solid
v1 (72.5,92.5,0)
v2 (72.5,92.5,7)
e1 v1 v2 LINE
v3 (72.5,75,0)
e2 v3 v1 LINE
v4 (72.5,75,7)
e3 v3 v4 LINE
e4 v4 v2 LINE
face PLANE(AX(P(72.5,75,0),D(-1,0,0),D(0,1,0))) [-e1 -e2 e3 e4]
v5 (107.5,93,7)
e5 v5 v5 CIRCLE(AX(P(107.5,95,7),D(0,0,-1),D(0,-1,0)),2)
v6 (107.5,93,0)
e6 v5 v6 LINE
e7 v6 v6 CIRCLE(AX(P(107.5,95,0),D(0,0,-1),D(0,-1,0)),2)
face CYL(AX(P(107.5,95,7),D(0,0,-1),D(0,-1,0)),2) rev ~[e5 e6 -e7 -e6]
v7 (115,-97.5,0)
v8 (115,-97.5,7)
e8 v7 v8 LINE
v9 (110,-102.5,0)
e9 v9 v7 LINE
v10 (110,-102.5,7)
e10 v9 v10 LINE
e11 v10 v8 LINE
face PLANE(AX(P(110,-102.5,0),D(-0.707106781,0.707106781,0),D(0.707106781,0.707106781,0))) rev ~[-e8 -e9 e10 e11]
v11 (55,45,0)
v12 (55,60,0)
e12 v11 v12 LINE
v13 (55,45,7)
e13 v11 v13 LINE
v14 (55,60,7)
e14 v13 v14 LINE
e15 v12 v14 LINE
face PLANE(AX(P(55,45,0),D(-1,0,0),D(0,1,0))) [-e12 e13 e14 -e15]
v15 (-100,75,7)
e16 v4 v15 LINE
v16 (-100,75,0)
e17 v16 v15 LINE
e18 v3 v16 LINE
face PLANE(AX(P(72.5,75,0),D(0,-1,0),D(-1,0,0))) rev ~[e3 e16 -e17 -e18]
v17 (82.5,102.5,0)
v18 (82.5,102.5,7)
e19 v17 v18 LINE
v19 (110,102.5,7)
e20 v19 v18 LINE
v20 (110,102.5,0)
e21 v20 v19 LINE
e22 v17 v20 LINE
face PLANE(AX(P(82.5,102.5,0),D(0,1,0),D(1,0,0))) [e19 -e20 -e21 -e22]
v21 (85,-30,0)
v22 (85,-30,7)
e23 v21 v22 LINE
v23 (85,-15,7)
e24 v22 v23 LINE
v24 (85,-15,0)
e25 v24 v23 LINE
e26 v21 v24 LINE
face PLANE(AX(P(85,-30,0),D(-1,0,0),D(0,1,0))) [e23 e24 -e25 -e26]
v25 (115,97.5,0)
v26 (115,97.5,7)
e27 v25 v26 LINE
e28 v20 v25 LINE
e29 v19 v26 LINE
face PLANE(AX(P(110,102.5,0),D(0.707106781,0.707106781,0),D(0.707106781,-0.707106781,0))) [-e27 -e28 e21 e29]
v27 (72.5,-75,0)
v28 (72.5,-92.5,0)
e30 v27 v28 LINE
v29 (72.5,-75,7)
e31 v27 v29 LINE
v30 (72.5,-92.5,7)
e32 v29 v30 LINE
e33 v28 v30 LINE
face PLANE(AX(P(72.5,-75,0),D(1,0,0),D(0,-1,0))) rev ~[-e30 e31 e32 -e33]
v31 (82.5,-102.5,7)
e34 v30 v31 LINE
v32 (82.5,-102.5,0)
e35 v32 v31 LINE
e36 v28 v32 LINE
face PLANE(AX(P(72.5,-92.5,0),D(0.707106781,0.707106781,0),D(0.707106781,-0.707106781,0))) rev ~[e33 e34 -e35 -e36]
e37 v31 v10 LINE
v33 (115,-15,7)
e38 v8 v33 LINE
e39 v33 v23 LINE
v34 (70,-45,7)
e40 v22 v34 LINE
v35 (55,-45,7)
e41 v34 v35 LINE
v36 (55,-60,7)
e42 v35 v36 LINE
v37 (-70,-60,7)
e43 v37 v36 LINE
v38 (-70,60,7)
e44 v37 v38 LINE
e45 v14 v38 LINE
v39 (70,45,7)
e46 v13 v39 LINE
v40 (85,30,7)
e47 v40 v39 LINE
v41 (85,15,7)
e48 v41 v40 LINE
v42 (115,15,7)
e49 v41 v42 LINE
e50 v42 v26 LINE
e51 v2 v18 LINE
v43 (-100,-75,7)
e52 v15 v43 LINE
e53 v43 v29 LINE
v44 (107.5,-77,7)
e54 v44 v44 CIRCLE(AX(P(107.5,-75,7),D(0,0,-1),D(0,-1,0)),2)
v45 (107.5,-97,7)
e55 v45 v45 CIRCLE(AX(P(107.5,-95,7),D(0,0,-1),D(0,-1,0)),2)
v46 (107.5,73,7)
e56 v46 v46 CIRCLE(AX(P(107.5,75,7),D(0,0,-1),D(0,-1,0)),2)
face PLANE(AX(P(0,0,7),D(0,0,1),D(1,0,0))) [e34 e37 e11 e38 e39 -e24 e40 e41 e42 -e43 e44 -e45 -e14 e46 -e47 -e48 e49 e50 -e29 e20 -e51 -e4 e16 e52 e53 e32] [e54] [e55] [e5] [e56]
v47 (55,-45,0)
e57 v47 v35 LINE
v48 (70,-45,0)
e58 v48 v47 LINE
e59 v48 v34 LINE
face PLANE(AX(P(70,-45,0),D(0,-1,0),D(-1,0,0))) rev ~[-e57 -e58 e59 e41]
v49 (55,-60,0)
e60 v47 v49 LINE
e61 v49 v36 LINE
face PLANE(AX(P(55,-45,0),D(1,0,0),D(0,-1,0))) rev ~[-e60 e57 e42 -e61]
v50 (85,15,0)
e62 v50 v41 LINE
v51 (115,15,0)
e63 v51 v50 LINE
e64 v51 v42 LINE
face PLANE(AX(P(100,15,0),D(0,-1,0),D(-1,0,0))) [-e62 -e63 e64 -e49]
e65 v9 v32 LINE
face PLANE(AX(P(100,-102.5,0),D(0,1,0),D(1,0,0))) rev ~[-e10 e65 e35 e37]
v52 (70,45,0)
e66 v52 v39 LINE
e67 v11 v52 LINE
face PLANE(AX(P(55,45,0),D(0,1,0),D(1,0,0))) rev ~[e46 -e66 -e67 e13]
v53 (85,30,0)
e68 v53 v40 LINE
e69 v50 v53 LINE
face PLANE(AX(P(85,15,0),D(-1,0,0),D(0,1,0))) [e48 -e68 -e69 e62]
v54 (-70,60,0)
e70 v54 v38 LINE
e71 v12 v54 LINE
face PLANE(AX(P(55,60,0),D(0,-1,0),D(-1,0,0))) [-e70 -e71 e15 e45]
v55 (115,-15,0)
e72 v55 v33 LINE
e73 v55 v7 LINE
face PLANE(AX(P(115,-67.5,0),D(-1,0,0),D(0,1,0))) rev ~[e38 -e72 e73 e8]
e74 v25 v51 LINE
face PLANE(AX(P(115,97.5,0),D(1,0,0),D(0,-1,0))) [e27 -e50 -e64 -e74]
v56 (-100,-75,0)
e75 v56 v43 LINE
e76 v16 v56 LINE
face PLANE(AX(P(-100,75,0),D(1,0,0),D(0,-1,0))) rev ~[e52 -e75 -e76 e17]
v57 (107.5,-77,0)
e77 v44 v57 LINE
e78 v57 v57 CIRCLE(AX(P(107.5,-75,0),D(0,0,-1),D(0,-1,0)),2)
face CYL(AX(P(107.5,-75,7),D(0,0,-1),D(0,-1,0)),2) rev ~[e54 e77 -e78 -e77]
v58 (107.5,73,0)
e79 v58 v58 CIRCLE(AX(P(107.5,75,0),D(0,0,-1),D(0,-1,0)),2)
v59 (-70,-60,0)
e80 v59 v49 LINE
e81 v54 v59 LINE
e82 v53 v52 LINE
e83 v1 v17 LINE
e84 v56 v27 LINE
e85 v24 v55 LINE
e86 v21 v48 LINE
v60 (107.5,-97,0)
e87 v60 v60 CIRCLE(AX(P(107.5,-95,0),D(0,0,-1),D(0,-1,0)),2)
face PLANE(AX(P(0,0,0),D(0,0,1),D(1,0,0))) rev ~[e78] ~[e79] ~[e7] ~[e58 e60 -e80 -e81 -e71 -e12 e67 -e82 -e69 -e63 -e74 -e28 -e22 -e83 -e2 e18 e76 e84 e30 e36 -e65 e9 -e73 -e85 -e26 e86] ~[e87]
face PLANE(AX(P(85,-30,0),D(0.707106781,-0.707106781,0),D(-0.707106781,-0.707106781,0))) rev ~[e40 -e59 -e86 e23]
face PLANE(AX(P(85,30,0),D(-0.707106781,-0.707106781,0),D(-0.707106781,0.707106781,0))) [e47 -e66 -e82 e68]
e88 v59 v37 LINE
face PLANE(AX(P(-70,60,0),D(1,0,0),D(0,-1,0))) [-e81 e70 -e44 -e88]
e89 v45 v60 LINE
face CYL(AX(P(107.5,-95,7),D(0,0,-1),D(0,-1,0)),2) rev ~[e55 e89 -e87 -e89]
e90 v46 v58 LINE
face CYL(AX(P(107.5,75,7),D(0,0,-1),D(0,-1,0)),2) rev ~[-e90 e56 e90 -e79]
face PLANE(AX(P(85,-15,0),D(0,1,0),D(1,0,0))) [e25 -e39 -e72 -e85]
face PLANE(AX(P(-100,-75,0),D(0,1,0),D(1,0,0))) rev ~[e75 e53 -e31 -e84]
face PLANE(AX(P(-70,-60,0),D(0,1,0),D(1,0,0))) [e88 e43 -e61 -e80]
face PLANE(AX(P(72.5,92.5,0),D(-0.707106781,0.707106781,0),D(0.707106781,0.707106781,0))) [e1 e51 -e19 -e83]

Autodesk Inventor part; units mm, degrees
ref_plane "YZ Plane" through (0, 0, 0) normal (1, 0, 0) x (0, 1, 0)
ref_plane "XZ Plane" through (0, 0, 0) normal (0, 1, 0) x (-1, 0, 0)
ref_plane "XY Plane" through (0, 0, 0) normal (0, 0, 1) x (1, 0, 0)
sketch "Sketch1" plane through (0, 0, 0) normal (0, 0, 1) x (1, 0, 0)
  line L0 (-100, -75) -> (100, -75) projected
  line L1 (100, -75) -> (100, 75) projected
  line L2 (100, 75) -> (-100, 75) projected
  line L3 (-100, 75) -> (-100, -75) projected
  line L4 (-70, -60) -> (55, -60)
  line L5 (55, 60) -> (-70, 60)
  line L6 (-70, 60) -> (-70, 15)
  line L7 (-70, -15) -> (-70, -60)
  line L8 (151.2343, 15) -> (1.2343, 15) projected
  line L9 (1.2343, -15) -> (151.2343, -15) projected
  line L10 (85, -30) -> (85, -15)
  line L11 (85, 15) -> (85, 30)
  line L12 (-100, 75) -> (72.5, 75)
  line L13 (72.5, -75) -> (-100, -75)
  line L14 (-100, -75) -> (-100, 75)
  line L15 (100, -15) -> (85, -15)
  line L16 (100, 15) -> (85, 15)
  line L17 (-100, 0) -> (100, 0) construction
  line L18 (70, 45) -> (70, -45) projected
  line L19 (70, -45) -> (-70, -45) projected
  line L20 (-70, -45) -> (-70, 45) projected
  line L21 (-70, 45) -> (70, 45) projected
  line L22 (-70, 15) -> (-70, -15)
  line L23 (85, -30) -> (70, -45)
  line L24 (70, -45) -> (55, -45)
  line L25 (55, -45) -> (55, -60)
  line L26 (85, 30) -> (70, 45)
  line L27 (70, 45) -> (55, 45)
  line L28 (55, 45) -> (55, 60)
  line L29 (100, -102.5) -> (110, -102.5)
  line L30 (115, -97.5) -> (115, -67.5)
  line L31 (110, -102.5) -> (115, -97.5)
  line L32 (100, -15) -> (115, -15)
  line L33 (115, -67.5) -> (115, -15)
  line L34 (72.5, -75) -> (72.5, -92.5)
  line L35 (82.5, -102.5) -> (100, -102.5)
  line L36 (72.5, -92.5) -> (82.5, -102.5)
  line L37 (100, 102.5) -> (110, 102.5)
  line L38 (115, 97.5) -> (115, 67.5)
  line L39 (110, 102.5) -> (115, 97.5)
  line L40 (100, 15) -> (115, 15)
  line L41 (115, 67.5) -> (115, 15)
  line L42 (72.5, 75) -> (72.5, 92.5)
  line L43 (82.5, 102.5) -> (100, 102.5)
  line L44 (72.5, 92.5) -> (82.5, 102.5)
  line L45 (270, -60) -> (395, -60)
  line L46 (395, 60) -> (270, 60)
  line L47 (270, 60) -> (270, 15)
  line L48 (270, -15) -> (270, -60)
  line L49 (425, -30) -> (425, -15)
  line L50 (425, 15) -> (425, 30)
  line L51 (240, 75) -> (412.5, 75)
  line L52 (412.5, -75) -> (240, -75)
  line L53 (240, -75) -> (240, 75)
  line L54 (440, -15) -> (425, -15)
  line L55 (440, 15) -> (425, 15)
  line L56 (240, 0) -> (440, 0) construction
  line L57 (270, 15) -> (270, -15)
  line L58 (425, -30) -> (410, -45)
  line L59 (410, -45) -> (395, -45)
  line L60 (395, -45) -> (395, -60)
  line L61 (395, 45) -> (395, 60)
  line L62 (410, 45) -> (395, 45)
  line L63 (425, 30) -> (410, 45)
  line L64 (440, -102.5) -> (450, -102.5)
  line L65 (455, -97.5) -> (455, -67.5)
  line L66 (450, -102.5) -> (455, -97.5)
  line L67 (440, -15) -> (455, -15)
  line L68 (455, -67.5) -> (455, -15)
  line L69 (412.5, -75) -> (412.5, -92.5)
  line L70 (422.5, -102.5) -> (440, -102.5)
  line L71 (412.5, -92.5) -> (422.5, -102.5)
  line L72 (412.5, 75) -> (412.5, 92.5)
  line L73 (412.5, 92.5) -> (422.5, 102.5)
  line L74 (422.5, 102.5) -> (440, 102.5)
  line L75 (440, 102.5) -> (450, 102.5)
  line L76 (450, 102.5) -> (455, 97.5)
  line L77 (455, 97.5) -> (455, 67.5)
  line L78 (455, 67.5) -> (455, 15)
  line L79 (440, 15) -> (455, 15)
  point P0 (0, 0)
  point P1 (85, -60)
  point P2 (85, 60)
  point P3 (100, 15)
  point P4 (100, -15)
  point P5 (-70, 15)
  point P6 (85, -22.5)
  point P7 (70, 15)
  point P8 (70, -15)
  point P9 (115, -102.5)
  point P10 (100, -55)
  point P11 (107.5, 75)
  point P12 (107.5, 95)
  point P13 (107.5, -75)
  point P14 (107.5, -95)
  point P15 (72.5, -102.5)
  point P16 (425, -60)
  point P17 (425, 60)
  point P18 (425, -22.5)
  point P19 (455, -102.5)
  point P20 (447.5, 75)
  point P21 (447.5, 95)
  point P22 (447.5, -95)
  point P23 (447.5, -75)
  point P24 (412.5, -102.5)
  dimension "d3" = 15
  dimension "d4" = 15
  dimension "d5" = 30
  dimension "d13" = 30
  dimension "d17" = 5
  dimension "d18" = 5
  dimension "d74" = 20
  dimension "d76" = 150
  dimension "d78" = 27.5
  dimension "d79" = 10
  dimension "d80" = 10
  dimension "d81" = 215
  dimension "d94" = 15
  dimension "d95" = 30
  dimension "d96" = 5
  dimension "d97" = 5
  dimension "d98" = 20
  dimension "d99" = 150
  dimension "d100" = 27.5
  dimension "d101" = 10
  dimension "d102" = 10
  dimension "d103" = 215
extrude "Extrusion1" add sketch "Sketch1" along normal blind 7 contours L3 L2 L1 L8 L11 L26 L21 L28 L5 L6 L20 L7 L4 L25 L19 L23 L10 L9 L0 | L0 L1 L9 L33 L30 L31 L29 L35 L36 L34 | L42 L44 L43 L37 L39 L38 L41 L8 L1 L2
sketch "Sketch2" plane through (0, 0, 7) normal (0, 0, 1) x (1, 0, 0)
  line L0 (-70, -60) -> (-70, 60) construction
  line L1 (-70, 0) -> (130.7679, 0) construction
  line L2 (115, -97.5) -> (115, -15) construction
  line L3 (-100, -102.5) -> (110, -102.5) construction
  line L4 (115, -15) -> (85, -15) construction
  point P0 (0, 0)
  point P1 (107.5, -75)
  point P2 (107.5, -95)
  point P3 (107.5, 75)
  point P4 (107.5, 95)
  point P5 (115, -20)
  point P6 (-100, -75)
  point P7 (110, -15)
  point P8 (115, -20)
  point P9 (100, -15)
  dimension "d21" = 7.5
  dimension "d24" = 7.5
  dimension "d32" = 20
  dimension "d73" = 150
hole "Hole1" at (107.5, -75, 7) at (107.5, -95, 7) at (107.5, 75, 7) at (107.5, 95, 7) direction (0, 0, -1) diameter 4 end through all
properties part number "Marco" material "MDF Medium Density Fiberboard"
